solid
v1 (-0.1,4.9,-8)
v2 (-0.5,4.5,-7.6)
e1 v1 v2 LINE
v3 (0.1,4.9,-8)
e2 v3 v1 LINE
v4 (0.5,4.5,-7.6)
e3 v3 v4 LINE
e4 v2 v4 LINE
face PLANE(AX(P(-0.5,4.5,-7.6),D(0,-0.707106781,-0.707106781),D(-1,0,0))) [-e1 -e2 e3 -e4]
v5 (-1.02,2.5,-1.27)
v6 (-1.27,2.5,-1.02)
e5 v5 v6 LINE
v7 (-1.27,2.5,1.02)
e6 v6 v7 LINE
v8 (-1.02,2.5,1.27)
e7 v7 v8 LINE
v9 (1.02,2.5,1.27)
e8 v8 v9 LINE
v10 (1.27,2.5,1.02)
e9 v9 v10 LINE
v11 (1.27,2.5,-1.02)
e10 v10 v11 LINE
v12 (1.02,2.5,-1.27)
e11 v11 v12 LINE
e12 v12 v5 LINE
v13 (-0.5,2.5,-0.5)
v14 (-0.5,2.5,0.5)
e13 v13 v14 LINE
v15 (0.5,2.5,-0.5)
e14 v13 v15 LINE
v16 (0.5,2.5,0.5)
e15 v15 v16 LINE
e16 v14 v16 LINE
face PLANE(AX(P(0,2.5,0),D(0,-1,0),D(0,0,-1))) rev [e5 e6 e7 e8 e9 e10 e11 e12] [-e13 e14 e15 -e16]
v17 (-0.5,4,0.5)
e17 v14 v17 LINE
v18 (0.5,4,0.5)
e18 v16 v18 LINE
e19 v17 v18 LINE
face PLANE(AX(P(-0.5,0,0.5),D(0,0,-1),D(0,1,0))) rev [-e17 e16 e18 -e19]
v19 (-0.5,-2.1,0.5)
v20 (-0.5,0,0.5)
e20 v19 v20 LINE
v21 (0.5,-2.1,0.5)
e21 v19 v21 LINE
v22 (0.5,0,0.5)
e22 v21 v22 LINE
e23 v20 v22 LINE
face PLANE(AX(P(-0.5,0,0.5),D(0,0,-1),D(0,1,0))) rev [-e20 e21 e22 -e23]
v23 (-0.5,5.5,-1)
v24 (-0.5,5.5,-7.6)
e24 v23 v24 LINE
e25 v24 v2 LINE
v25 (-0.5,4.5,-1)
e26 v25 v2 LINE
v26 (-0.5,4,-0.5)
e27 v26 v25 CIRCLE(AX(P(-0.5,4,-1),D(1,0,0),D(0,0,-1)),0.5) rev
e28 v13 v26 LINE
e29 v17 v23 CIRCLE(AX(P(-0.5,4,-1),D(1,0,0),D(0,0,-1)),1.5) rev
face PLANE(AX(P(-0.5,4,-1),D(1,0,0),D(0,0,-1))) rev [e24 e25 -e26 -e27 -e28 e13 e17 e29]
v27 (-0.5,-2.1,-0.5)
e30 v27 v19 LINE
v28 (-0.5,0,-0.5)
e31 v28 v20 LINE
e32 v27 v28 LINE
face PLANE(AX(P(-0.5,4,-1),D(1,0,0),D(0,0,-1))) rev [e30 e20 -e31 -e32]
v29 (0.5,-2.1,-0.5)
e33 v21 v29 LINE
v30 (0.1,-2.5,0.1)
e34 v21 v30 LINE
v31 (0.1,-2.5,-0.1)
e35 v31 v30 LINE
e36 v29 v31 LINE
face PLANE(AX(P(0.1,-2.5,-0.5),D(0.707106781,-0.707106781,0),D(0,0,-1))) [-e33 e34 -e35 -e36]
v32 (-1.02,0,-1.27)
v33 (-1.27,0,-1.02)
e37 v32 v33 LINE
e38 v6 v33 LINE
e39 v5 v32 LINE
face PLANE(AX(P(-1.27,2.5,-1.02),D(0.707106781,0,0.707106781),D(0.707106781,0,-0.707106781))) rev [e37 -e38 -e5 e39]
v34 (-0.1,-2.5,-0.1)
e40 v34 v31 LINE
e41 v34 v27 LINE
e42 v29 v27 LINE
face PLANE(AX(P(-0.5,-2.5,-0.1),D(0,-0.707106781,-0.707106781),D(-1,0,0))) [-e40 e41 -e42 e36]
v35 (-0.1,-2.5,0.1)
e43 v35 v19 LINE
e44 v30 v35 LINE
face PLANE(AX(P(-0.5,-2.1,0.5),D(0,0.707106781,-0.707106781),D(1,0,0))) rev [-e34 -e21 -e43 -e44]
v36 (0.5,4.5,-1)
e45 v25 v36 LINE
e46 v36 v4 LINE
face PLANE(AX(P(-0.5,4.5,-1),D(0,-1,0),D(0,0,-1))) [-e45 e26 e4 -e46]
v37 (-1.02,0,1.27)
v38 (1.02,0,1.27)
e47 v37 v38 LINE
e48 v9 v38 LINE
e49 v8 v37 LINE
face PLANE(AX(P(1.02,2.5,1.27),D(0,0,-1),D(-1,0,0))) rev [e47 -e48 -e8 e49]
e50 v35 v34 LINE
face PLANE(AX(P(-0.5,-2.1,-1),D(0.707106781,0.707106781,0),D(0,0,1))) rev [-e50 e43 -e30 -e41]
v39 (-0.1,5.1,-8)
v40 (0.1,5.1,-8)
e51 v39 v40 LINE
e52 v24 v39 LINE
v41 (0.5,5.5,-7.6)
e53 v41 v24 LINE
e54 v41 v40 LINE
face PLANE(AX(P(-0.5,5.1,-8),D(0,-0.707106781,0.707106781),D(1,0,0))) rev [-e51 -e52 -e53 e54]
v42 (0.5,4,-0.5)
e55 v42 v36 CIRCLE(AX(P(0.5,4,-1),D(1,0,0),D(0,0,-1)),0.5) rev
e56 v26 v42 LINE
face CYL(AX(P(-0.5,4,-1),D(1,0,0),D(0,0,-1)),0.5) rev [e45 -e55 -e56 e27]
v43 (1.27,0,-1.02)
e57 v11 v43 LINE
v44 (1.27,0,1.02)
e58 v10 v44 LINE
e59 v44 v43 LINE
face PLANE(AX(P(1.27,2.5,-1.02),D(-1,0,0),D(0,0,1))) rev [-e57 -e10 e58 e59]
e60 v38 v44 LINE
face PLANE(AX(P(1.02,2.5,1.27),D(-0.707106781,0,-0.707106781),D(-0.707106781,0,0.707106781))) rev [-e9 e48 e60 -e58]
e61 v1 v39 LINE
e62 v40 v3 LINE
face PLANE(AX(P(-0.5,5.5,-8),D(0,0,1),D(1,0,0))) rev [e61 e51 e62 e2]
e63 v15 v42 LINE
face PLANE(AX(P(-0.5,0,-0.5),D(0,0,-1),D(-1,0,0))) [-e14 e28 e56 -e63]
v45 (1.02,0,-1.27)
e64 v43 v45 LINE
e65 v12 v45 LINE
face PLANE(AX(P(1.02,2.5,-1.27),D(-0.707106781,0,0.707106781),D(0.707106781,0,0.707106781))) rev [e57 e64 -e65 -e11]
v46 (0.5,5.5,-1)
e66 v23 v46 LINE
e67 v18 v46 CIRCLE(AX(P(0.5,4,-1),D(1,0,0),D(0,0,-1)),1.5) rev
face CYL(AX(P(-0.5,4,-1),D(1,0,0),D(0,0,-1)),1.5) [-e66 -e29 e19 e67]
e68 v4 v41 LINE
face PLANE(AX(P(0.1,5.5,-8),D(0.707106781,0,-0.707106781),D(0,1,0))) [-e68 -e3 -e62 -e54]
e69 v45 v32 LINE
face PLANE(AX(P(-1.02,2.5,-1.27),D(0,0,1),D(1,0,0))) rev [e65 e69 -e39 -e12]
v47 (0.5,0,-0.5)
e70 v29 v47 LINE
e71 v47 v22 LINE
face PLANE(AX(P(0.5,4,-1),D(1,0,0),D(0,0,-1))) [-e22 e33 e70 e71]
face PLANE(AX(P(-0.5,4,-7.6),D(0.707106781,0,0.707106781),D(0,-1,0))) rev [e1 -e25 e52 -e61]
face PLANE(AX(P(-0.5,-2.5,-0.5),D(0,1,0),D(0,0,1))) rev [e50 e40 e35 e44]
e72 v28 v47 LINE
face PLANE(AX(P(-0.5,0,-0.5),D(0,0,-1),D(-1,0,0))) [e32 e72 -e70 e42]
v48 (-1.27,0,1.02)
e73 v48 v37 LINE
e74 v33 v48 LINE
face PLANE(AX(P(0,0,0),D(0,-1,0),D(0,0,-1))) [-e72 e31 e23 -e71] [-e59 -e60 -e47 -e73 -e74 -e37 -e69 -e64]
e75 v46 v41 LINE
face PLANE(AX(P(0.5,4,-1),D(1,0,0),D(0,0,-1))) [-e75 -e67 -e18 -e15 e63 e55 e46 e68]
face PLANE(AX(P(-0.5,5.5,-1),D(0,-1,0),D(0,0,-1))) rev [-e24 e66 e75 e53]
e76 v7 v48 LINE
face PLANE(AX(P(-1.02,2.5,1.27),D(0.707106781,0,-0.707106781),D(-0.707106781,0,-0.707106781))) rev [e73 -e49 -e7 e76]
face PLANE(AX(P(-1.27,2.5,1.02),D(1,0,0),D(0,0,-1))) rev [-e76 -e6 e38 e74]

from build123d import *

# Parameters (mm, degrees)
BOSS_EXTRUDE1_DEPTH      = 2.5
EXTRUDE_THIN1_DEPTH      = 0.5
EXTRUDE_THIN1_DEPTH_BACK = 0.5
CHAMFER1_SIZE            = 0.4


with BuildPart() as part:
    # Sketch1 → Boss-Extrude1 (new body)
    with BuildSketch(Plane(origin=(0, 0, 0), x_dir=(-1, 0, 0), z_dir=(0, 1, 0))):
        Polygon((-1.02, 1.27), (1.02, 1.27), (1.27, 1.02), (1.27, -1.02), (1.02, -1.27), (-1.02, -1.27), (-1.27, -1.02), (-1.27, 1.02), align=None)
    extrude(amount=BOSS_EXTRUDE1_DEPTH)

    # Sketch2 → Extrude-Thin1 (add, two sides: drawn at the far end of the back side and taken through both)
    with BuildSketch(Plane(origin=(0, 0, 0), x_dir=(0, 0, -1), z_dir=(1, 0, 0)).offset(-EXTRUDE_THIN1_DEPTH_BACK)):
        with BuildLine():
            Line((0.5, -2.5), (0.5, 0))
            Line((0.5, 0), (0.5, 4))
            ThreePointArc((0.5, 4), (0.646446609, 4.353553391), (1, 4.5))
            Line((1, 4.5), (8, 4.5))
            Line((8, 4.5), (8, 5.5))
            Line((8, 5.5), (1, 5.5))
            ThreePointArc((1, 5.5), (-0.060660172, 5.060660172), (-0.5, 4))
            Line((-0.5, 4), (-0.5, 0))
            Line((-0.5, 0), (-0.5, -2.5))
            Line((-0.5, -2.5), (0.5, -2.5))
        make_face()
    extrude(amount=EXTRUDE_THIN1_DEPTH + EXTRUDE_THIN1_DEPTH_BACK)

    # Chamfer1
    chamfer1_edges = [part.edges().sort_by_distance(p)[0] for p in [
        (-0.5, 5, -8),
        (0, 4.5, -8),
        (0.5, 5, -8),
        (0, 5.5, -8),
        (0, -2.5, -0.5),
        (-0.5, -2.5, 0),
        (0, -2.5, 0.5),
        (0.5, -2.5, 0),
    ]]
    chamfer(chamfer1_edges, length=CHAMFER1_SIZE)


solid = part.part
